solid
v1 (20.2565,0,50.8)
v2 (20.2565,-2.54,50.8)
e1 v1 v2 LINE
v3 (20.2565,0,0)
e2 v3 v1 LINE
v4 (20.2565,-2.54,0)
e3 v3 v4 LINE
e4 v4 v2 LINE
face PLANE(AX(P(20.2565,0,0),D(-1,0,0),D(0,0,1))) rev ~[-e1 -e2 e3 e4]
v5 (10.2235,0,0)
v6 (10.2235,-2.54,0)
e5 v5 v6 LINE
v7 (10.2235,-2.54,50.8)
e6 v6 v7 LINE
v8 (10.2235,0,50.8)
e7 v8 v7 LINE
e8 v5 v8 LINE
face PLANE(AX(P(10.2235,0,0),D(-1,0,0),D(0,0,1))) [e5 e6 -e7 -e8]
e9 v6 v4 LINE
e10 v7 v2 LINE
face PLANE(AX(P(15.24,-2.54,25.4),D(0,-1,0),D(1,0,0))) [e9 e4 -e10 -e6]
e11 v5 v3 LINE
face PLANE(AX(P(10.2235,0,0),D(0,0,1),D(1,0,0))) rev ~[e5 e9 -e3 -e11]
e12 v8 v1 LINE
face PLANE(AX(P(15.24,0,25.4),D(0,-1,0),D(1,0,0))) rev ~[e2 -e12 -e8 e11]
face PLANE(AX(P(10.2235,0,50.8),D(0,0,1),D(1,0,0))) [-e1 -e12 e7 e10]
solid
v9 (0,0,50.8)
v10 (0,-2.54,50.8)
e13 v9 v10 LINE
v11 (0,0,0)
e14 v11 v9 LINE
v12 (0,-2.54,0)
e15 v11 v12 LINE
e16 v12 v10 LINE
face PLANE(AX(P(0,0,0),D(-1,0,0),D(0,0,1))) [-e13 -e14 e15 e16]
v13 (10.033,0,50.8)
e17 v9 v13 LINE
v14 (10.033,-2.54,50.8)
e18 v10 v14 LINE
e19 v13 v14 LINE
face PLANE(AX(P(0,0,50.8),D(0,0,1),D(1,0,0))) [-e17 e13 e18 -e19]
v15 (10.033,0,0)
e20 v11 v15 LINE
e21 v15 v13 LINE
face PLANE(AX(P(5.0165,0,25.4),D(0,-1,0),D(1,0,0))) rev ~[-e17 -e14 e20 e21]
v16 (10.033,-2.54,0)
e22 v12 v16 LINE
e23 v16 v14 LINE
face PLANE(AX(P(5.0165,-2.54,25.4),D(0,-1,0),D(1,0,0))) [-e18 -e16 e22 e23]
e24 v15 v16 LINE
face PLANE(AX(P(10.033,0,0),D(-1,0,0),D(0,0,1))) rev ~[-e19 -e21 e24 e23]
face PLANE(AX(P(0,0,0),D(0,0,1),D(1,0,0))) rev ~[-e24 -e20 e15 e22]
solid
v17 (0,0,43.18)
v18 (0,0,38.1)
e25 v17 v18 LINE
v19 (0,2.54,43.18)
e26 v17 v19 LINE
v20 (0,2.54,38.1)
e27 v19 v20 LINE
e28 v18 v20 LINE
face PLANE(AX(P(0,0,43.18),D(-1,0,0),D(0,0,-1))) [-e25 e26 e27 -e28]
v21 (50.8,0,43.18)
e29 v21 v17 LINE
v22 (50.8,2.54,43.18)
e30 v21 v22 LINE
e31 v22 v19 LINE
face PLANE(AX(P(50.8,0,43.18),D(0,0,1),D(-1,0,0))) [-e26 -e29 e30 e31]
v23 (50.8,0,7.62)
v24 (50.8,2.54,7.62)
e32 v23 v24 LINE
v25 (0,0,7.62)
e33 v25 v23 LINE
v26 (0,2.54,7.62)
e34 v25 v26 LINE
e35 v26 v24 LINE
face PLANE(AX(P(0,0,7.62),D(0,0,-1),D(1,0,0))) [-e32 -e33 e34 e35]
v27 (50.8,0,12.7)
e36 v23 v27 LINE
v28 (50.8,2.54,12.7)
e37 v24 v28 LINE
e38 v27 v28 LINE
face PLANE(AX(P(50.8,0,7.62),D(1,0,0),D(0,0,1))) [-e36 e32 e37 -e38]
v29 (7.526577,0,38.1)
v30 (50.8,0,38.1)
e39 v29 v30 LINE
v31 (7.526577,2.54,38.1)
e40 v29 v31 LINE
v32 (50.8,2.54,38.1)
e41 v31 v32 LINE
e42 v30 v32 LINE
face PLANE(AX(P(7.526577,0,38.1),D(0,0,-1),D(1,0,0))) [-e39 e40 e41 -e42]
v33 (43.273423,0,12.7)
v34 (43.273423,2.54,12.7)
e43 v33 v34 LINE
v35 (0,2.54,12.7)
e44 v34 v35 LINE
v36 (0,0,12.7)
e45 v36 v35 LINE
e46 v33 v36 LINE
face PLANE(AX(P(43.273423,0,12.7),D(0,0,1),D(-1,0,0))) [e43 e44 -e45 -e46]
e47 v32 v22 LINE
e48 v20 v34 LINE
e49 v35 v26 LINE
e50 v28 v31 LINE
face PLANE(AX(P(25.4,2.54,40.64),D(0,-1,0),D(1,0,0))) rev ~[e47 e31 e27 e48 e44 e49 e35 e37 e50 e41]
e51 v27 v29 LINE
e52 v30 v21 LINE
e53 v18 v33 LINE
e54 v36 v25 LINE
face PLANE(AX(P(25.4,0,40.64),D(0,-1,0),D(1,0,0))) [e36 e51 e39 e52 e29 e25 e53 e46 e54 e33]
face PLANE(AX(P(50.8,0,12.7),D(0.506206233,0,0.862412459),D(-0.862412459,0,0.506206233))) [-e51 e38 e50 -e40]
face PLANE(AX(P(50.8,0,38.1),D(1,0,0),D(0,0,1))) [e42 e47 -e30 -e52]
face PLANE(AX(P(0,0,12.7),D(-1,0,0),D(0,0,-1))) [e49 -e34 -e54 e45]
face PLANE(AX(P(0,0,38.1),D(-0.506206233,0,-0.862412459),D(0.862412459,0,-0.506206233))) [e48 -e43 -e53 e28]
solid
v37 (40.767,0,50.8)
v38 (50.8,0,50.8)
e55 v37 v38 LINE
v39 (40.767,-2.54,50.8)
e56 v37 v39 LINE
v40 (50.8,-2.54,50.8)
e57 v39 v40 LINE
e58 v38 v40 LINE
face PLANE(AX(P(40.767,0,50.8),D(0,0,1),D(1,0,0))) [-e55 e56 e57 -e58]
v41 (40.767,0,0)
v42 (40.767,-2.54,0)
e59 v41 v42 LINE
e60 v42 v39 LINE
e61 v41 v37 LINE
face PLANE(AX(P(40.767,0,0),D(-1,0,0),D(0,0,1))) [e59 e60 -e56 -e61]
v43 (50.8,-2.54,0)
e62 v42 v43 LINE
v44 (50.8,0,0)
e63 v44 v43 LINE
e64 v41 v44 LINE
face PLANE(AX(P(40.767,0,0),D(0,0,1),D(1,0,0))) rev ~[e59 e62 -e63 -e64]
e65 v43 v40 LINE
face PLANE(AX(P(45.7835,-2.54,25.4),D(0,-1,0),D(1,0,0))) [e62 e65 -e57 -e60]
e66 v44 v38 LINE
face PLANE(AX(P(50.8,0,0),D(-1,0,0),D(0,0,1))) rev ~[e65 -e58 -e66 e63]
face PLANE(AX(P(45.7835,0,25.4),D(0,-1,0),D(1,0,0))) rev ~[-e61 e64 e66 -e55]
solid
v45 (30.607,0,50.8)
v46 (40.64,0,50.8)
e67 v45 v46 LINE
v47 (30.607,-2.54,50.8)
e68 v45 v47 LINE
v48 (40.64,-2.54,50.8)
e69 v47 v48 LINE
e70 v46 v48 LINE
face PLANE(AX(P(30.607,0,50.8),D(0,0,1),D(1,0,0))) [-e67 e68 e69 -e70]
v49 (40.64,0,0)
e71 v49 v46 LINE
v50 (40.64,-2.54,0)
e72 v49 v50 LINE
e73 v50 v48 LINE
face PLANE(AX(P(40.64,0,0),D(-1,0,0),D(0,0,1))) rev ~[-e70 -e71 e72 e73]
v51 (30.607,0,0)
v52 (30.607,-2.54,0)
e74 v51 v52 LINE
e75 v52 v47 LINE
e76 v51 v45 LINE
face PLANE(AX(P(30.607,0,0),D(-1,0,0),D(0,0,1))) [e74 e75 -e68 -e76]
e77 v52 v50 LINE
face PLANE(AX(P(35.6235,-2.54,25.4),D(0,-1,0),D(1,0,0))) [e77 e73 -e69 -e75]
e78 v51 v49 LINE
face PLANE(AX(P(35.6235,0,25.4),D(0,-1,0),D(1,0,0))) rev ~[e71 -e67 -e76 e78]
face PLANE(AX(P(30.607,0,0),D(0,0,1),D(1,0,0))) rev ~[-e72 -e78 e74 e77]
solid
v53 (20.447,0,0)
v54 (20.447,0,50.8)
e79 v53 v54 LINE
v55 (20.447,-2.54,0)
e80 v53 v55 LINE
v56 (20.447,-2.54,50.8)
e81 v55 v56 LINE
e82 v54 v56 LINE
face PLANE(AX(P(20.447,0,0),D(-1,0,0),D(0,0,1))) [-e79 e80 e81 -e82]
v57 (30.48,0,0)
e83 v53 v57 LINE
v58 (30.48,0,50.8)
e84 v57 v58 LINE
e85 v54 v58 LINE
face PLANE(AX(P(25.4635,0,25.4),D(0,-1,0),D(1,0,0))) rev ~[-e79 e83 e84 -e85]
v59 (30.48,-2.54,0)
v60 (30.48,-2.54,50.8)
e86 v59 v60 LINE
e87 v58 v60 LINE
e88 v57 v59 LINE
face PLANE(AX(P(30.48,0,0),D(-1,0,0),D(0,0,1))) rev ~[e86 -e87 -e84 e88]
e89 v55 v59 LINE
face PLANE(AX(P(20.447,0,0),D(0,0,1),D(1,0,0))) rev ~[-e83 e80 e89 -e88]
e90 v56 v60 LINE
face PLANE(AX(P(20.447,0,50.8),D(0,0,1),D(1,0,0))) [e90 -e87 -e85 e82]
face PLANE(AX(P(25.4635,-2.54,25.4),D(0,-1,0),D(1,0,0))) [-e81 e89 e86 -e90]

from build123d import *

# Parameters (mm, degrees)
F0_W     = 10.033
F0_H     = 50.8
F1_DEPTH = 2.54
F3_DEPTH = 2.54


with BuildPart() as f1:
    # F0 (on Front) → F1 (new body)
    with BuildSketch(Plane.XZ):
        with Locations((5.0165, 25.4)):
            Rectangle(F0_W, F0_H)
        with Locations((25.4635, 25.4)):
            Rectangle(F0_W, F0_H)
        with Locations((15.24, 25.4)):
            Rectangle(F0_W, F0_H)
        with Locations((35.6235, 25.4)):
            Rectangle(F0_W, F0_H)
        with Locations((45.7835, 25.4)):
            Rectangle(F0_W, F0_H)
    extrude(amount=F1_DEPTH)


with BuildPart() as f3:
    # F2 (on Front) → F3 (new body)
    with BuildSketch(Plane.XZ):
        Polygon((0, 38.1), (7.526577, 38.1), (50.8, 38.1), (50.8, 43.18), (0, 43.18), align=None)
        Polygon((0, 12.7), (0, 7.62), (50.8, 7.62), (50.8, 12.7), (43.273423, 12.7), align=None)
        Polygon((43.273423, 12.7), (50.8, 12.7), (7.526577, 38.1), (0, 38.1), align=None)
    extrude(amount=-F3_DEPTH)


solid = Compound([f1.part, f3.part])
